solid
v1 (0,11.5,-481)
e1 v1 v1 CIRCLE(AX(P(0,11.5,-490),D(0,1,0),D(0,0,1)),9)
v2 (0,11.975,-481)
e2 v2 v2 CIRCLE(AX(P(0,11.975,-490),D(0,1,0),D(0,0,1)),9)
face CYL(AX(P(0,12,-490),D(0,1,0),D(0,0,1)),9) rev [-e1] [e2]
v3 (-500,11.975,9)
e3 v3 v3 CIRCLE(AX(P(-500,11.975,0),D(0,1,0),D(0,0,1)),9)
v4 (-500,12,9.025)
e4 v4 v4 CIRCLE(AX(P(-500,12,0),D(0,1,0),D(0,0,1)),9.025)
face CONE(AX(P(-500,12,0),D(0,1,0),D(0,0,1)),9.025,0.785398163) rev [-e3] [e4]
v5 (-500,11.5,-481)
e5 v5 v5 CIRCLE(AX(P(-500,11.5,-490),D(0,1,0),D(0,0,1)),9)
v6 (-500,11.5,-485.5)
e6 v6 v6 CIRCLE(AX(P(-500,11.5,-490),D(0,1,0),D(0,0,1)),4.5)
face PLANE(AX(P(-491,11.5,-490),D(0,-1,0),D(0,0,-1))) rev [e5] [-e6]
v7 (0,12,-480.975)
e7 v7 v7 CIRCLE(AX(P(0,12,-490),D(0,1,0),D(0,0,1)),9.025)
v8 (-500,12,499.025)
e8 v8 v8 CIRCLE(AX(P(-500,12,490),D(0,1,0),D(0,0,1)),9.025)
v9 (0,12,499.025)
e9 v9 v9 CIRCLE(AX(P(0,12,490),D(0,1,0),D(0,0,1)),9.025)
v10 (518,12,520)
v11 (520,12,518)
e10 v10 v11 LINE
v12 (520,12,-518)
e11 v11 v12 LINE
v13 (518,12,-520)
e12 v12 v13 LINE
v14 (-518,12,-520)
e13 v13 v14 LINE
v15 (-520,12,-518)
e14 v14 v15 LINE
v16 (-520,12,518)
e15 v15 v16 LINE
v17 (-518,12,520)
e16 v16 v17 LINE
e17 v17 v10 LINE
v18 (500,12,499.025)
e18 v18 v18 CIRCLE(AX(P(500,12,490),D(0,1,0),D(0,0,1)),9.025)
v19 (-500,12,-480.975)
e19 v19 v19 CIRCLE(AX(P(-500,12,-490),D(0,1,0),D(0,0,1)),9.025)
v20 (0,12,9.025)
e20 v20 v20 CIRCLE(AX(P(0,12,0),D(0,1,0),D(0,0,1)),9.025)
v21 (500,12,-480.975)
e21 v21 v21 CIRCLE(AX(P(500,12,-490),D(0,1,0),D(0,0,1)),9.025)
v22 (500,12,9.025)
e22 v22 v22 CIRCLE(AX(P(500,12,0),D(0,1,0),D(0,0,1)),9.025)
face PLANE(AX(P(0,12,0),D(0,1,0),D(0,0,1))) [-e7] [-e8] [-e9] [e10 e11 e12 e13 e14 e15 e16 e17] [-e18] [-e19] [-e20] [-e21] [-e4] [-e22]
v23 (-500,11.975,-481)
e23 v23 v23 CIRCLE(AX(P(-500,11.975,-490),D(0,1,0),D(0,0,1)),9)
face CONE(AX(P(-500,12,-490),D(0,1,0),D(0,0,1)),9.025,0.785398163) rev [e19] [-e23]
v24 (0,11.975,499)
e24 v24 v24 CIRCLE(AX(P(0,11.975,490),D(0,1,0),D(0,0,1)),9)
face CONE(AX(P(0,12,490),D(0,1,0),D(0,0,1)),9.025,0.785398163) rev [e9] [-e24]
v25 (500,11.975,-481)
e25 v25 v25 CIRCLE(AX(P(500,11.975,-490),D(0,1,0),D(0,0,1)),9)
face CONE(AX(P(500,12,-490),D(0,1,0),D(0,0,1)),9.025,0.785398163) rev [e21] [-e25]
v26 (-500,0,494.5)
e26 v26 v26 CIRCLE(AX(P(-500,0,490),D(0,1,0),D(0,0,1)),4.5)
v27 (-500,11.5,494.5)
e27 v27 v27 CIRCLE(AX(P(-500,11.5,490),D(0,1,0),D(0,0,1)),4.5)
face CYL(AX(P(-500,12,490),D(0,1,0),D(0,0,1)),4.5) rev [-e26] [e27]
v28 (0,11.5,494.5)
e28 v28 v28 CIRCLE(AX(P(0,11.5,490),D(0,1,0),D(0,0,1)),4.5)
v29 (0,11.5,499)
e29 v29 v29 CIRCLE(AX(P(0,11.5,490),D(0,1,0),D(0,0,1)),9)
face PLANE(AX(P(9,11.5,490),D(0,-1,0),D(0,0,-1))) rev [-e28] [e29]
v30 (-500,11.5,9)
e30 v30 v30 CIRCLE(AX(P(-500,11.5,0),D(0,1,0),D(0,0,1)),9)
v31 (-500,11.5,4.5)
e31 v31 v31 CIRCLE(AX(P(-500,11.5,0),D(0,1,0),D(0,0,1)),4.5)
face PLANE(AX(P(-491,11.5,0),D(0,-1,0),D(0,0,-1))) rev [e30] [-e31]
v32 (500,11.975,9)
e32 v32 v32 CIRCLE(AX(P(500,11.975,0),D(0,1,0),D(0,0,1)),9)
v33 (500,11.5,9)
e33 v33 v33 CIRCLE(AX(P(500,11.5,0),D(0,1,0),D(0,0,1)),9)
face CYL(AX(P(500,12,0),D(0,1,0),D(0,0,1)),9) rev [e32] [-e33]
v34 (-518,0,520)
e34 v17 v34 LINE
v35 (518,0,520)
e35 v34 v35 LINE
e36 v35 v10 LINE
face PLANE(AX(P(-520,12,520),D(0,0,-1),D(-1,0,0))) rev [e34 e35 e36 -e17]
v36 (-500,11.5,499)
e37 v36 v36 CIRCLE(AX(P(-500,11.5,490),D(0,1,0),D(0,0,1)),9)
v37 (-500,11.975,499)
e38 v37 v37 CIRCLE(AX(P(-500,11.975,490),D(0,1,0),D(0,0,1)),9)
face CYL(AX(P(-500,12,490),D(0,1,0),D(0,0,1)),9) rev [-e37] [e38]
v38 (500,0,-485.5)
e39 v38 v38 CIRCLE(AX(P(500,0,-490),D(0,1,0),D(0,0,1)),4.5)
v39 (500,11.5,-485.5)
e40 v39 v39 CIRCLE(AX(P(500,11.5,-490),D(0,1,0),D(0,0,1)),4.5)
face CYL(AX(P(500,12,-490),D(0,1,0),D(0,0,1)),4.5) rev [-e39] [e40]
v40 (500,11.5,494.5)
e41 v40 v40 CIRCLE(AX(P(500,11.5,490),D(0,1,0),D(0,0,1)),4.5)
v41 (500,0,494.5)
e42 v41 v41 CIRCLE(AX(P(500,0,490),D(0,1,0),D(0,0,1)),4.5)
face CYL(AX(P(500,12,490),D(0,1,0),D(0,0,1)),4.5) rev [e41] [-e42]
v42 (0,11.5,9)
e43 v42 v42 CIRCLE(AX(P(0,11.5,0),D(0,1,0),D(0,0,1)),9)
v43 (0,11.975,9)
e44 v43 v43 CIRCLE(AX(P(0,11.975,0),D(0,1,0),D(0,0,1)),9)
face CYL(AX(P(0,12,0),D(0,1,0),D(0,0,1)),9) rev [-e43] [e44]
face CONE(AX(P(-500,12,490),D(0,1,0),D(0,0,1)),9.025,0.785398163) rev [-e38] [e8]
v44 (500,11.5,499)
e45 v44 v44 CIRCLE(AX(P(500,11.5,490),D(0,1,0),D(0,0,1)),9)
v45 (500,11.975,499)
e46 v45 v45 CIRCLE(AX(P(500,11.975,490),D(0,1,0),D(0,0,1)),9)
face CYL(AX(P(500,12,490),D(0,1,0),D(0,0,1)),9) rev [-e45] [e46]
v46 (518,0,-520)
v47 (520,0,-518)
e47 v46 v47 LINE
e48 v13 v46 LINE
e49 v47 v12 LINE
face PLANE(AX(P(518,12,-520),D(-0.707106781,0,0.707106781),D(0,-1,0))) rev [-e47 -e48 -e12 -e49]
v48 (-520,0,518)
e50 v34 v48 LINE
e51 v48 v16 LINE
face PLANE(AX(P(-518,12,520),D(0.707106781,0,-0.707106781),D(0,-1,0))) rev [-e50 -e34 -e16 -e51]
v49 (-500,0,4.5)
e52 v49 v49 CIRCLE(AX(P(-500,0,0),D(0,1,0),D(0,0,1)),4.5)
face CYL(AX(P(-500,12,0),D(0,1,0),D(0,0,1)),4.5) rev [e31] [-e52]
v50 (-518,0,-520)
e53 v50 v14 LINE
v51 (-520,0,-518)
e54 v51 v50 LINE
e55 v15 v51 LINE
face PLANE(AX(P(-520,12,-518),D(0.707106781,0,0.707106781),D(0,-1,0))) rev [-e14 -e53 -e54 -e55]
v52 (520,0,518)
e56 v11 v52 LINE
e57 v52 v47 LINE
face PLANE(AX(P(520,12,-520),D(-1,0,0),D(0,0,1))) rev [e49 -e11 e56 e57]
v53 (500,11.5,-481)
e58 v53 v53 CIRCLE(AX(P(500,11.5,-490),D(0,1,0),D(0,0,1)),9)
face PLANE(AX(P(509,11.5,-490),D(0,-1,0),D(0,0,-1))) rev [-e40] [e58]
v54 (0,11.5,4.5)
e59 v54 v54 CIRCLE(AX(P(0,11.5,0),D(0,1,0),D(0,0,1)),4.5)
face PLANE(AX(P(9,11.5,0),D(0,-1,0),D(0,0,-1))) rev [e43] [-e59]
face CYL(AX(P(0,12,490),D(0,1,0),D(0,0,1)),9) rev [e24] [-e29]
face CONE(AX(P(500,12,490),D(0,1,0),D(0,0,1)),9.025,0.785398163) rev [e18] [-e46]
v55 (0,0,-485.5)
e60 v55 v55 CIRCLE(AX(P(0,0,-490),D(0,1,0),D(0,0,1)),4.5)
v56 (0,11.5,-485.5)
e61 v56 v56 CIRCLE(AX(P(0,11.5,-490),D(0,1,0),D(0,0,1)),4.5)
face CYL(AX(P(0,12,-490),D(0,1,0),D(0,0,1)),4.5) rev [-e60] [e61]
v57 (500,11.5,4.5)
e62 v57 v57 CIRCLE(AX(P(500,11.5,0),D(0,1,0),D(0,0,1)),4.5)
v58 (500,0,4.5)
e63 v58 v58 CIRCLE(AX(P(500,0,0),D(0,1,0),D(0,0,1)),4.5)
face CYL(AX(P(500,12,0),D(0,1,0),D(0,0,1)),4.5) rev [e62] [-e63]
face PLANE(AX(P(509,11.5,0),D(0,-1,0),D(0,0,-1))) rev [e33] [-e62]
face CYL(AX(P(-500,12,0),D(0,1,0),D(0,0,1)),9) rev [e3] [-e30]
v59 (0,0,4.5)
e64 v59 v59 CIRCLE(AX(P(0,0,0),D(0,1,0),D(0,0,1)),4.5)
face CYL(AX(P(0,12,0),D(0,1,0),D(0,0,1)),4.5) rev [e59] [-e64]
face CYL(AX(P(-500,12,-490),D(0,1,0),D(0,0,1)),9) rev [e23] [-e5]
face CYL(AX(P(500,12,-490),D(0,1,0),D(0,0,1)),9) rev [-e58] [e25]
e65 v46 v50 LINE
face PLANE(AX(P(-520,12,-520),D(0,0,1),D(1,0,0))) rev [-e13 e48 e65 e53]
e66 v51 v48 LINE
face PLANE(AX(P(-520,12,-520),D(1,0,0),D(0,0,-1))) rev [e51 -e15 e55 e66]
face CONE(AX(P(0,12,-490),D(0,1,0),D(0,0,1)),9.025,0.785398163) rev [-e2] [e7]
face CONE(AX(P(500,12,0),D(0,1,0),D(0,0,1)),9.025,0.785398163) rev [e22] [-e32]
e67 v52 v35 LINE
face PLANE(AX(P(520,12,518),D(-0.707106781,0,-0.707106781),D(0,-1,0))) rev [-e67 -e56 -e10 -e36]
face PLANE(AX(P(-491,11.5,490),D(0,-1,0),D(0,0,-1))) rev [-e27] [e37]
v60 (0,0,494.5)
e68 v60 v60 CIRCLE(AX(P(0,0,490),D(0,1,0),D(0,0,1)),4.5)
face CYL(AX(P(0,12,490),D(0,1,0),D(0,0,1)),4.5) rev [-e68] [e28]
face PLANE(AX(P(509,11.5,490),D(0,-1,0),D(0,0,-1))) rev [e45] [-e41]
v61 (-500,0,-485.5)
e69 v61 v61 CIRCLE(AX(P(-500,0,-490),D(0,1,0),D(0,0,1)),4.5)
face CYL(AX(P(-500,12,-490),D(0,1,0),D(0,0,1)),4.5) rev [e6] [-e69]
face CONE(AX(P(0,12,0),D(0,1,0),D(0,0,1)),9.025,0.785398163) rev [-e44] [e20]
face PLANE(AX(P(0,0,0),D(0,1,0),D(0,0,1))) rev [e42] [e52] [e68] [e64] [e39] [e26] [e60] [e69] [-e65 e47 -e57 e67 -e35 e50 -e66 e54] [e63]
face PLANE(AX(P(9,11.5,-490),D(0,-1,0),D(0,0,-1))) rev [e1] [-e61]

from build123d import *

# Parameters (mm, degrees)
SKETCH_1_W                  = 1040
SKETCH_1_H                  = 1040
EXTRUDE_1_DEPTH             = 12
CHAMFER_1_SIZE              = 2
HOLE_WIZARD_M8_1_AT_2_COUNT = 2
HOLE_WIZARD_M8_1_AT_2_PITCH = 500
HOLE_WIZARD_M8_1_AT_3_COUNT = 2
HOLE_WIZARD_M8_1_AT_3_PITCH = 1000
HOLE_WIZARD_M8_1_AT_4_COUNT = 2
HOLE_WIZARD_M8_1_AT_4_PITCH = 490
HOLE_WIZARD_M8_1_AT_5_COUNT = 2
HOLE_WIZARD_M8_1_AT_5_PITCH = 700.071424927
HOLE_WIZARD_M8_1_AT_6_COUNT = 2
HOLE_WIZARD_M8_1_AT_6_PITCH = 1113.597772986
HOLE_WIZARD_M8_1_AT_7_COUNT = 2
HOLE_WIZARD_M8_1_AT_7_PITCH = 980
HOLE_WIZARD_M8_1_AT_8_COUNT = 2
HOLE_WIZARD_M8_1_AT_8_PITCH = 1100.181803158
HOLE_WIZARD_M8_1_AT_9_COUNT = 2
HOLE_WIZARD_M8_1_AT_9_PITCH = 1400.142849855


with BuildPart() as part:
    # 草图1 → 凸台-拉伸1 (new body)
    with BuildSketch(Plane(origin=(0, 0, 0), x_dir=(1, 0, 0), z_dir=(0, 1, 0))):
        Rectangle(SKETCH_1_W, SKETCH_1_H)
    extrude(amount=EXTRUDE_1_DEPTH)

    # 倒角1
    chamfer_1_edges = [part.edges().sort_by_distance(p)[0] for p in [
        (520, 6, 520),
        (-520, 6, 520),
        (-520, 6, -520),
        (520, 6, -520),
    ]]
    chamfer(chamfer_1_edges, length=CHAMFER_1_SIZE)

    # 草图3 → M8 六角头螺栓的柱形沉头孔1 (revolve, cut)
    with BuildSketch(Plane(origin=(-500, 12, -490), x_dir=(0, 0, 1), z_dir=(1, 0, 0))):
        Polygon((0, 0), (0, 12), (4.5, 12), (4.5, 0.5), (9, 0.5), (9, 0.025), (9.025, 0), align=None)
    hole_wizard_m8_1 = revolve(axis=Axis((-500, 18.35, -490), (0, -1, 0)), mode=Mode.SUBTRACT)

    # M8 六角头螺栓的柱形沉头孔1 at 2: M8 六角头螺栓的柱形沉头孔1 ×2
    with Locations(*[(i * HOLE_WIZARD_M8_1_AT_2_PITCH, 0, 0) for i in range(1, HOLE_WIZARD_M8_1_AT_2_COUNT)]):
        add(hole_wizard_m8_1, mode=Mode.SUBTRACT)

    # M8 六角头螺栓的柱形沉头孔1 at 3: M8 六角头螺栓的柱形沉头孔1 ×2
    with Locations(*[(i * HOLE_WIZARD_M8_1_AT_3_PITCH, 0, 0) for i in range(1, HOLE_WIZARD_M8_1_AT_3_COUNT)]):
        add(hole_wizard_m8_1, mode=Mode.SUBTRACT)

    # M8 六角头螺栓的柱形沉头孔1 at 4: M8 六角头螺栓的柱形沉头孔1 ×2
    with Locations(*[(0, 0, i * HOLE_WIZARD_M8_1_AT_4_PITCH) for i in range(1, HOLE_WIZARD_M8_1_AT_4_COUNT)]):
        add(hole_wizard_m8_1, mode=Mode.SUBTRACT)

    # M8 六角头螺栓的柱形沉头孔1 at 5: M8 六角头螺栓的柱形沉头孔1 ×2
    with Locations(*[Vector(0.7142128391425069, 0, 0.6999285823596574) * (i * HOLE_WIZARD_M8_1_AT_5_PITCH) for i in range(1, HOLE_WIZARD_M8_1_AT_5_COUNT)]):
        add(hole_wizard_m8_1, mode=Mode.SUBTRACT)

    # M8 六角头螺栓的柱形沉头孔1 at 6: M8 六角头螺栓的柱形沉头孔1 ×2
    with Locations(*[Vector(0.8979903015775171, 0, 0.44001524777298334) * (i * HOLE_WIZARD_M8_1_AT_6_PITCH) for i in range(1, HOLE_WIZARD_M8_1_AT_6_COUNT)]):
        add(hole_wizard_m8_1, mode=Mode.SUBTRACT)

    # M8 六角头螺栓的柱形沉头孔1 at 7: M8 六角头螺栓的柱形沉头孔1 ×2
    with Locations(*[(0, 0, i * HOLE_WIZARD_M8_1_AT_7_PITCH) for i in range(1, HOLE_WIZARD_M8_1_AT_7_COUNT)]):
        add(hole_wizard_m8_1, mode=Mode.SUBTRACT)

    # M8 六角头螺栓的柱形沉头孔1 at 8: M8 六角头螺栓的柱形沉头孔1 ×2
    with Locations(*[Vector(0.4544703416878743, 0, 0.8907618697082328) * (i * HOLE_WIZARD_M8_1_AT_8_PITCH) for i in range(1, HOLE_WIZARD_M8_1_AT_8_COUNT)]):
        add(hole_wizard_m8_1, mode=Mode.SUBTRACT)

    # M8 六角头螺栓的柱形沉头孔1 at 9: M8 六角头螺栓的柱形沉头孔1 ×2
    with Locations(*[Vector(0.7142128391425073, 0, 0.6999285823596569) * (i * HOLE_WIZARD_M8_1_AT_9_PITCH) for i in range(1, HOLE_WIZARD_M8_1_AT_9_COUNT)]):
        add(hole_wizard_m8_1, mode=Mode.SUBTRACT)


solid = part.part
